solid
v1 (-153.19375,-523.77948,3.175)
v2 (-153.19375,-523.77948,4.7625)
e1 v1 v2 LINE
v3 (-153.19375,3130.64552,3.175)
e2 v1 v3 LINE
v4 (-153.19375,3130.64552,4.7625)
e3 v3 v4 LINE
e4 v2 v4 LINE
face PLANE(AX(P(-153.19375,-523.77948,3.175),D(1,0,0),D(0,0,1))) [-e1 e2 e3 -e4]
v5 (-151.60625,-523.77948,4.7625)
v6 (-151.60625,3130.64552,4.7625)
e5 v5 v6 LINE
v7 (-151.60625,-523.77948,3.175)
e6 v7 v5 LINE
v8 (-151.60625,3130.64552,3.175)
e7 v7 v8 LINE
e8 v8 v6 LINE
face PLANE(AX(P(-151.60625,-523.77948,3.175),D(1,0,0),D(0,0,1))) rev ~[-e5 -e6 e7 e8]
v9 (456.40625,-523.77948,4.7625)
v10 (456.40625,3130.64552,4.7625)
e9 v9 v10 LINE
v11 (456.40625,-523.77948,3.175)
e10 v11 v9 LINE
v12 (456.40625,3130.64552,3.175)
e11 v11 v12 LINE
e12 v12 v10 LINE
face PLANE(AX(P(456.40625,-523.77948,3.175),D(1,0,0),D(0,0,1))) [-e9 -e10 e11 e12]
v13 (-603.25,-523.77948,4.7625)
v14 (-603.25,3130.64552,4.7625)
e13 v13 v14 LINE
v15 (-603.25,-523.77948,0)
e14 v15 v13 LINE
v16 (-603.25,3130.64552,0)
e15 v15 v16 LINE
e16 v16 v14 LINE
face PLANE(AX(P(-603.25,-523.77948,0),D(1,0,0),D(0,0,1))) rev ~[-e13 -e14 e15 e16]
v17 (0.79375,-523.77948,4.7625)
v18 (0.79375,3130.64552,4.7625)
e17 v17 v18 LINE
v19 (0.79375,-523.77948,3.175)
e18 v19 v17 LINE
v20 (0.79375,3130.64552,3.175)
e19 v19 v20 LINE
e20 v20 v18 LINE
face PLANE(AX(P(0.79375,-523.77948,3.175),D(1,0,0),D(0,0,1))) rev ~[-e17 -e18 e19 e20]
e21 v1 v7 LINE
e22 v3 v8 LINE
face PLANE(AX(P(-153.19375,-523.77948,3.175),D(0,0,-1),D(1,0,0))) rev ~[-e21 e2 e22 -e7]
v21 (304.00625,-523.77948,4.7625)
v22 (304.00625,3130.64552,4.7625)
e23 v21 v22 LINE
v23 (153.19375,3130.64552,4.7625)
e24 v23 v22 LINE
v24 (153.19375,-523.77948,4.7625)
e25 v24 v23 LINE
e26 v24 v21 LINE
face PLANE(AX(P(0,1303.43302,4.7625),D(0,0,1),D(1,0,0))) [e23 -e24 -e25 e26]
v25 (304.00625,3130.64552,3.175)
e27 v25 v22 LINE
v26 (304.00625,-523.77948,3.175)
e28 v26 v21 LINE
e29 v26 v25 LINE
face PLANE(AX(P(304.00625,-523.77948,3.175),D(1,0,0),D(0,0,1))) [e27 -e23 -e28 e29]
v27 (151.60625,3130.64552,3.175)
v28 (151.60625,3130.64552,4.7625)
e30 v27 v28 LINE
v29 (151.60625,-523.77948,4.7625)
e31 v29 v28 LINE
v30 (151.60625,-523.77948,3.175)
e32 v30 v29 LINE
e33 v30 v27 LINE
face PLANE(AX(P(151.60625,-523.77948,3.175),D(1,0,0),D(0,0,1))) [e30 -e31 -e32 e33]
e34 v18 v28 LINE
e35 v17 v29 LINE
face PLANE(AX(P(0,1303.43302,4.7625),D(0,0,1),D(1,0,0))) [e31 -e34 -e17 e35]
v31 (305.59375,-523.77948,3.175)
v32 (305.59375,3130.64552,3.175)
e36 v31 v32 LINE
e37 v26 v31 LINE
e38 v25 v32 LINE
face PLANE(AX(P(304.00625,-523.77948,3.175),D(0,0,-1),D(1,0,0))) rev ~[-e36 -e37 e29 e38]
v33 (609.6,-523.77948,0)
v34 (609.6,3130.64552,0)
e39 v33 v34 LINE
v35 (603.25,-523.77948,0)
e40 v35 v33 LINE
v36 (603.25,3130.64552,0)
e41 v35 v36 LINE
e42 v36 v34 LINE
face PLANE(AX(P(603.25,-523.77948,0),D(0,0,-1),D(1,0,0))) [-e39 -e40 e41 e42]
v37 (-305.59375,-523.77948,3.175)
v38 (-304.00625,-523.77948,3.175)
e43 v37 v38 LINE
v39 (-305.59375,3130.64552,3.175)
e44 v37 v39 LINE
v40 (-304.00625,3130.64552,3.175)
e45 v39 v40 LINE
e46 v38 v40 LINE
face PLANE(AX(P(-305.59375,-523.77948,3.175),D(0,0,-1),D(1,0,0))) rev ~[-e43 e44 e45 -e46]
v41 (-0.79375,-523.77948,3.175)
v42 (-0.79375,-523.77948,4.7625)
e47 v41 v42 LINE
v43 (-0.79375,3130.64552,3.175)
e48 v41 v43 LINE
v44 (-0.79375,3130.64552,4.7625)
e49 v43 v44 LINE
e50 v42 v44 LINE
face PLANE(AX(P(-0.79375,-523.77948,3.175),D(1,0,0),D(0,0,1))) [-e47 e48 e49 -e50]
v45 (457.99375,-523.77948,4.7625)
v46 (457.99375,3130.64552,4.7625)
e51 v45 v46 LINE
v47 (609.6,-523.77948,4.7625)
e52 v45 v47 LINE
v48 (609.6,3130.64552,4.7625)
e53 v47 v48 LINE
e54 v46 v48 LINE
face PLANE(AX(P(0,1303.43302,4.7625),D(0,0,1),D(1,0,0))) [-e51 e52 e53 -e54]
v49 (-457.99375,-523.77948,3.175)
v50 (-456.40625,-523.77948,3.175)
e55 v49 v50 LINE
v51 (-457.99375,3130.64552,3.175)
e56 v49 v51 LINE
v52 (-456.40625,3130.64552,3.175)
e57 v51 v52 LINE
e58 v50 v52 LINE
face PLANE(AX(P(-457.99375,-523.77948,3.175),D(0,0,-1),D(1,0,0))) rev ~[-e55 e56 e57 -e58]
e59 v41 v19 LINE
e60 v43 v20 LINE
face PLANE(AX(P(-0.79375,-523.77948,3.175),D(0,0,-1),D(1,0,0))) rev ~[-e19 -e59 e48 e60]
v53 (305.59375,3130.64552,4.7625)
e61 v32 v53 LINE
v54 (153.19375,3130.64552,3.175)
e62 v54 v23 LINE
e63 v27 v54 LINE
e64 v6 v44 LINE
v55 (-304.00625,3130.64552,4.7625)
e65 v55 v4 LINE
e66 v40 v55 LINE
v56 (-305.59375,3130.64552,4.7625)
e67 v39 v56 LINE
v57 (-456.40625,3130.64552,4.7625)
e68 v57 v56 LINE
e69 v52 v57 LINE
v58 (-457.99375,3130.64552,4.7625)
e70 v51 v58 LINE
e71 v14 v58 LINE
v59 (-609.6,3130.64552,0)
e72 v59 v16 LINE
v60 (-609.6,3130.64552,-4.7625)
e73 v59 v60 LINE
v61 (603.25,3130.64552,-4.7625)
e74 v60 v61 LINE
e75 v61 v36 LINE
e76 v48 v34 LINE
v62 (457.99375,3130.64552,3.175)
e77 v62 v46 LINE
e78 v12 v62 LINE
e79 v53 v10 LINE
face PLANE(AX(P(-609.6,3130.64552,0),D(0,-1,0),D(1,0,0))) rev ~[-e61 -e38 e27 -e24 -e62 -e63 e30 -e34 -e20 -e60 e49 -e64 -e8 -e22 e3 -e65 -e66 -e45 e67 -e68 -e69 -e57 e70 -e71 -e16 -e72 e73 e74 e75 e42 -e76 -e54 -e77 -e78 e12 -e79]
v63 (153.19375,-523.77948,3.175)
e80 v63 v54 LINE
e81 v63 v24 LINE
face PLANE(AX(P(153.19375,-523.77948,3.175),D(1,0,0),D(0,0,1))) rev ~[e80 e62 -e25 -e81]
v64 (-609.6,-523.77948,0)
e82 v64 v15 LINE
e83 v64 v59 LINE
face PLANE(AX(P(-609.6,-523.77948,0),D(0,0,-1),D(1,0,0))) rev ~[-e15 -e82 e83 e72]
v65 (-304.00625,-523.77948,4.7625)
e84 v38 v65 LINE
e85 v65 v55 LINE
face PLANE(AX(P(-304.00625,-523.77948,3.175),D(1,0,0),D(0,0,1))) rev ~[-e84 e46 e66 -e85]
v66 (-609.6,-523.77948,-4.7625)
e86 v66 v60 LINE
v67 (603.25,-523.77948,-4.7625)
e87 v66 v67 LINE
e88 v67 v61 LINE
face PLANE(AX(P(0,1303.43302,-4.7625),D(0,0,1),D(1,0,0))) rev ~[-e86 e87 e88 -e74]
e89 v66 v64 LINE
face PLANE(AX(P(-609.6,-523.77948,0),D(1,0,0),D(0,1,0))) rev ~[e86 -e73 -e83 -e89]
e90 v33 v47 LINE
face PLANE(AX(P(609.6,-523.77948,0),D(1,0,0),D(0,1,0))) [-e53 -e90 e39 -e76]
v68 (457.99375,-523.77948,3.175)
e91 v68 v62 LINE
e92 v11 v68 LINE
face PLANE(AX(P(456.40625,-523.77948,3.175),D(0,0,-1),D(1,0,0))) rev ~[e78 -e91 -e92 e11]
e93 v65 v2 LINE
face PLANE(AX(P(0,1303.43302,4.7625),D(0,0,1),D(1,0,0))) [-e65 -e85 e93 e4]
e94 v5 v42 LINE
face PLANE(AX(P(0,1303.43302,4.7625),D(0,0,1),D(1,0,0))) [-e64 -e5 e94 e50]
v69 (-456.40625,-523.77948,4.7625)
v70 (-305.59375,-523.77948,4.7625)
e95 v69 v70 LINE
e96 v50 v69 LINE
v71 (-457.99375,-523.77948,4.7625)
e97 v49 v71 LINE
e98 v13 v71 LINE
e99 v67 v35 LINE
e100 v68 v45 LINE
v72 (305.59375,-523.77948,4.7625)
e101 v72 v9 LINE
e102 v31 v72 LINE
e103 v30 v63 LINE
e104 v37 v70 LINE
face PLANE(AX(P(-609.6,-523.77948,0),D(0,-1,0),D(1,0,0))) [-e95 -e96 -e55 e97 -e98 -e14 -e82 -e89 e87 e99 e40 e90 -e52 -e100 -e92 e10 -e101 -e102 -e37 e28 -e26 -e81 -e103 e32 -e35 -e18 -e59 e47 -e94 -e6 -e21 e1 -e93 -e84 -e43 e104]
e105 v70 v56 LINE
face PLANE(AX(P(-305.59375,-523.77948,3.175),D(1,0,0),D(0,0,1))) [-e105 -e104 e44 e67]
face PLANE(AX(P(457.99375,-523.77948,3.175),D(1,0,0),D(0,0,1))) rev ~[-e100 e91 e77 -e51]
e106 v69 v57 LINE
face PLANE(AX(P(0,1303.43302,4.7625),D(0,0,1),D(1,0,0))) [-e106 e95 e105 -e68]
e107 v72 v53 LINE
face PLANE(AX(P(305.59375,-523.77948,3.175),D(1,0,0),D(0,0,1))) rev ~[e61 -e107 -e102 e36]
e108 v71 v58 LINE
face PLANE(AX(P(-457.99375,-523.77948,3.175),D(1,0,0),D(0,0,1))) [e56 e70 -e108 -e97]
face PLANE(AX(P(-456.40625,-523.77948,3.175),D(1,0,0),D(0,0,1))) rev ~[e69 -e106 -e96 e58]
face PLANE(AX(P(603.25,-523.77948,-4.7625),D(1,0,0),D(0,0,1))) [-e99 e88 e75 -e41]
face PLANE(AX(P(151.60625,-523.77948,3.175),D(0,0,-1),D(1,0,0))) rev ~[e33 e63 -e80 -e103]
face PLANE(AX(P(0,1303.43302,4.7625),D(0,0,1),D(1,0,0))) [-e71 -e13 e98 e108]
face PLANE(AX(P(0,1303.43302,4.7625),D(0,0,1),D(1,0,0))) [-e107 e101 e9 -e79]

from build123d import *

# Parameters (mm, degrees)
F0_W     = 1219.2
F0_H     = 3654.425
F1_DEPTH = 4.7625
F2_W     = 6.35
F2_H     = 4.7625
F3_DEPTH = 3654.426
F4_W     = 1.5875
F4_H     = 1.5875
F5_DEPTH = 3654.426


with BuildPart() as f1:
    # F0 (on Top) → F1 (new body, symmetric)
    with BuildSketch(Plane.XY):
        with Locations((0, 1303.43302)):
            Rectangle(F0_W, F0_H)
    extrude(amount=F1_DEPTH, both=True)

    # F2 (on face) → F3 (cut, through all)
    with BuildSketch(Plane.XZ.offset(523.77948)):
        with Locations((606.425, -2.38125)):
            Rectangle(F2_W, F2_H)
        with Locations((-606.425, 2.38125)):
            Rectangle(F2_W, F2_H)
    extrude(amount=-F3_DEPTH, mode=Mode.SUBTRACT)

    # F4 (on face) → F5 (cut, through all)
    with BuildSketch(Plane.XZ.offset(523.77948)):
        with Locations((-457.2, 3.96875)):
            Rectangle(F4_W, F4_H)
        with Locations((-304.8, 3.96875)):
            Rectangle(F4_W, F4_H)
        with Locations((-152.4, 3.96875)):
            Rectangle(F4_W, F4_H)
        with Locations((0, 3.96875)):
            Rectangle(F4_W, F4_H)
        with Locations((152.4, 3.96875)):
            Rectangle(F4_W, F4_H)
        with Locations((304.8, 3.96875)):
            Rectangle(F4_W, F4_H)
        with Locations((457.2, 3.96875)):
            Rectangle(F4_W, F4_H)
    extrude(amount=-F5_DEPTH, mode=Mode.SUBTRACT)


solid = f1.part
